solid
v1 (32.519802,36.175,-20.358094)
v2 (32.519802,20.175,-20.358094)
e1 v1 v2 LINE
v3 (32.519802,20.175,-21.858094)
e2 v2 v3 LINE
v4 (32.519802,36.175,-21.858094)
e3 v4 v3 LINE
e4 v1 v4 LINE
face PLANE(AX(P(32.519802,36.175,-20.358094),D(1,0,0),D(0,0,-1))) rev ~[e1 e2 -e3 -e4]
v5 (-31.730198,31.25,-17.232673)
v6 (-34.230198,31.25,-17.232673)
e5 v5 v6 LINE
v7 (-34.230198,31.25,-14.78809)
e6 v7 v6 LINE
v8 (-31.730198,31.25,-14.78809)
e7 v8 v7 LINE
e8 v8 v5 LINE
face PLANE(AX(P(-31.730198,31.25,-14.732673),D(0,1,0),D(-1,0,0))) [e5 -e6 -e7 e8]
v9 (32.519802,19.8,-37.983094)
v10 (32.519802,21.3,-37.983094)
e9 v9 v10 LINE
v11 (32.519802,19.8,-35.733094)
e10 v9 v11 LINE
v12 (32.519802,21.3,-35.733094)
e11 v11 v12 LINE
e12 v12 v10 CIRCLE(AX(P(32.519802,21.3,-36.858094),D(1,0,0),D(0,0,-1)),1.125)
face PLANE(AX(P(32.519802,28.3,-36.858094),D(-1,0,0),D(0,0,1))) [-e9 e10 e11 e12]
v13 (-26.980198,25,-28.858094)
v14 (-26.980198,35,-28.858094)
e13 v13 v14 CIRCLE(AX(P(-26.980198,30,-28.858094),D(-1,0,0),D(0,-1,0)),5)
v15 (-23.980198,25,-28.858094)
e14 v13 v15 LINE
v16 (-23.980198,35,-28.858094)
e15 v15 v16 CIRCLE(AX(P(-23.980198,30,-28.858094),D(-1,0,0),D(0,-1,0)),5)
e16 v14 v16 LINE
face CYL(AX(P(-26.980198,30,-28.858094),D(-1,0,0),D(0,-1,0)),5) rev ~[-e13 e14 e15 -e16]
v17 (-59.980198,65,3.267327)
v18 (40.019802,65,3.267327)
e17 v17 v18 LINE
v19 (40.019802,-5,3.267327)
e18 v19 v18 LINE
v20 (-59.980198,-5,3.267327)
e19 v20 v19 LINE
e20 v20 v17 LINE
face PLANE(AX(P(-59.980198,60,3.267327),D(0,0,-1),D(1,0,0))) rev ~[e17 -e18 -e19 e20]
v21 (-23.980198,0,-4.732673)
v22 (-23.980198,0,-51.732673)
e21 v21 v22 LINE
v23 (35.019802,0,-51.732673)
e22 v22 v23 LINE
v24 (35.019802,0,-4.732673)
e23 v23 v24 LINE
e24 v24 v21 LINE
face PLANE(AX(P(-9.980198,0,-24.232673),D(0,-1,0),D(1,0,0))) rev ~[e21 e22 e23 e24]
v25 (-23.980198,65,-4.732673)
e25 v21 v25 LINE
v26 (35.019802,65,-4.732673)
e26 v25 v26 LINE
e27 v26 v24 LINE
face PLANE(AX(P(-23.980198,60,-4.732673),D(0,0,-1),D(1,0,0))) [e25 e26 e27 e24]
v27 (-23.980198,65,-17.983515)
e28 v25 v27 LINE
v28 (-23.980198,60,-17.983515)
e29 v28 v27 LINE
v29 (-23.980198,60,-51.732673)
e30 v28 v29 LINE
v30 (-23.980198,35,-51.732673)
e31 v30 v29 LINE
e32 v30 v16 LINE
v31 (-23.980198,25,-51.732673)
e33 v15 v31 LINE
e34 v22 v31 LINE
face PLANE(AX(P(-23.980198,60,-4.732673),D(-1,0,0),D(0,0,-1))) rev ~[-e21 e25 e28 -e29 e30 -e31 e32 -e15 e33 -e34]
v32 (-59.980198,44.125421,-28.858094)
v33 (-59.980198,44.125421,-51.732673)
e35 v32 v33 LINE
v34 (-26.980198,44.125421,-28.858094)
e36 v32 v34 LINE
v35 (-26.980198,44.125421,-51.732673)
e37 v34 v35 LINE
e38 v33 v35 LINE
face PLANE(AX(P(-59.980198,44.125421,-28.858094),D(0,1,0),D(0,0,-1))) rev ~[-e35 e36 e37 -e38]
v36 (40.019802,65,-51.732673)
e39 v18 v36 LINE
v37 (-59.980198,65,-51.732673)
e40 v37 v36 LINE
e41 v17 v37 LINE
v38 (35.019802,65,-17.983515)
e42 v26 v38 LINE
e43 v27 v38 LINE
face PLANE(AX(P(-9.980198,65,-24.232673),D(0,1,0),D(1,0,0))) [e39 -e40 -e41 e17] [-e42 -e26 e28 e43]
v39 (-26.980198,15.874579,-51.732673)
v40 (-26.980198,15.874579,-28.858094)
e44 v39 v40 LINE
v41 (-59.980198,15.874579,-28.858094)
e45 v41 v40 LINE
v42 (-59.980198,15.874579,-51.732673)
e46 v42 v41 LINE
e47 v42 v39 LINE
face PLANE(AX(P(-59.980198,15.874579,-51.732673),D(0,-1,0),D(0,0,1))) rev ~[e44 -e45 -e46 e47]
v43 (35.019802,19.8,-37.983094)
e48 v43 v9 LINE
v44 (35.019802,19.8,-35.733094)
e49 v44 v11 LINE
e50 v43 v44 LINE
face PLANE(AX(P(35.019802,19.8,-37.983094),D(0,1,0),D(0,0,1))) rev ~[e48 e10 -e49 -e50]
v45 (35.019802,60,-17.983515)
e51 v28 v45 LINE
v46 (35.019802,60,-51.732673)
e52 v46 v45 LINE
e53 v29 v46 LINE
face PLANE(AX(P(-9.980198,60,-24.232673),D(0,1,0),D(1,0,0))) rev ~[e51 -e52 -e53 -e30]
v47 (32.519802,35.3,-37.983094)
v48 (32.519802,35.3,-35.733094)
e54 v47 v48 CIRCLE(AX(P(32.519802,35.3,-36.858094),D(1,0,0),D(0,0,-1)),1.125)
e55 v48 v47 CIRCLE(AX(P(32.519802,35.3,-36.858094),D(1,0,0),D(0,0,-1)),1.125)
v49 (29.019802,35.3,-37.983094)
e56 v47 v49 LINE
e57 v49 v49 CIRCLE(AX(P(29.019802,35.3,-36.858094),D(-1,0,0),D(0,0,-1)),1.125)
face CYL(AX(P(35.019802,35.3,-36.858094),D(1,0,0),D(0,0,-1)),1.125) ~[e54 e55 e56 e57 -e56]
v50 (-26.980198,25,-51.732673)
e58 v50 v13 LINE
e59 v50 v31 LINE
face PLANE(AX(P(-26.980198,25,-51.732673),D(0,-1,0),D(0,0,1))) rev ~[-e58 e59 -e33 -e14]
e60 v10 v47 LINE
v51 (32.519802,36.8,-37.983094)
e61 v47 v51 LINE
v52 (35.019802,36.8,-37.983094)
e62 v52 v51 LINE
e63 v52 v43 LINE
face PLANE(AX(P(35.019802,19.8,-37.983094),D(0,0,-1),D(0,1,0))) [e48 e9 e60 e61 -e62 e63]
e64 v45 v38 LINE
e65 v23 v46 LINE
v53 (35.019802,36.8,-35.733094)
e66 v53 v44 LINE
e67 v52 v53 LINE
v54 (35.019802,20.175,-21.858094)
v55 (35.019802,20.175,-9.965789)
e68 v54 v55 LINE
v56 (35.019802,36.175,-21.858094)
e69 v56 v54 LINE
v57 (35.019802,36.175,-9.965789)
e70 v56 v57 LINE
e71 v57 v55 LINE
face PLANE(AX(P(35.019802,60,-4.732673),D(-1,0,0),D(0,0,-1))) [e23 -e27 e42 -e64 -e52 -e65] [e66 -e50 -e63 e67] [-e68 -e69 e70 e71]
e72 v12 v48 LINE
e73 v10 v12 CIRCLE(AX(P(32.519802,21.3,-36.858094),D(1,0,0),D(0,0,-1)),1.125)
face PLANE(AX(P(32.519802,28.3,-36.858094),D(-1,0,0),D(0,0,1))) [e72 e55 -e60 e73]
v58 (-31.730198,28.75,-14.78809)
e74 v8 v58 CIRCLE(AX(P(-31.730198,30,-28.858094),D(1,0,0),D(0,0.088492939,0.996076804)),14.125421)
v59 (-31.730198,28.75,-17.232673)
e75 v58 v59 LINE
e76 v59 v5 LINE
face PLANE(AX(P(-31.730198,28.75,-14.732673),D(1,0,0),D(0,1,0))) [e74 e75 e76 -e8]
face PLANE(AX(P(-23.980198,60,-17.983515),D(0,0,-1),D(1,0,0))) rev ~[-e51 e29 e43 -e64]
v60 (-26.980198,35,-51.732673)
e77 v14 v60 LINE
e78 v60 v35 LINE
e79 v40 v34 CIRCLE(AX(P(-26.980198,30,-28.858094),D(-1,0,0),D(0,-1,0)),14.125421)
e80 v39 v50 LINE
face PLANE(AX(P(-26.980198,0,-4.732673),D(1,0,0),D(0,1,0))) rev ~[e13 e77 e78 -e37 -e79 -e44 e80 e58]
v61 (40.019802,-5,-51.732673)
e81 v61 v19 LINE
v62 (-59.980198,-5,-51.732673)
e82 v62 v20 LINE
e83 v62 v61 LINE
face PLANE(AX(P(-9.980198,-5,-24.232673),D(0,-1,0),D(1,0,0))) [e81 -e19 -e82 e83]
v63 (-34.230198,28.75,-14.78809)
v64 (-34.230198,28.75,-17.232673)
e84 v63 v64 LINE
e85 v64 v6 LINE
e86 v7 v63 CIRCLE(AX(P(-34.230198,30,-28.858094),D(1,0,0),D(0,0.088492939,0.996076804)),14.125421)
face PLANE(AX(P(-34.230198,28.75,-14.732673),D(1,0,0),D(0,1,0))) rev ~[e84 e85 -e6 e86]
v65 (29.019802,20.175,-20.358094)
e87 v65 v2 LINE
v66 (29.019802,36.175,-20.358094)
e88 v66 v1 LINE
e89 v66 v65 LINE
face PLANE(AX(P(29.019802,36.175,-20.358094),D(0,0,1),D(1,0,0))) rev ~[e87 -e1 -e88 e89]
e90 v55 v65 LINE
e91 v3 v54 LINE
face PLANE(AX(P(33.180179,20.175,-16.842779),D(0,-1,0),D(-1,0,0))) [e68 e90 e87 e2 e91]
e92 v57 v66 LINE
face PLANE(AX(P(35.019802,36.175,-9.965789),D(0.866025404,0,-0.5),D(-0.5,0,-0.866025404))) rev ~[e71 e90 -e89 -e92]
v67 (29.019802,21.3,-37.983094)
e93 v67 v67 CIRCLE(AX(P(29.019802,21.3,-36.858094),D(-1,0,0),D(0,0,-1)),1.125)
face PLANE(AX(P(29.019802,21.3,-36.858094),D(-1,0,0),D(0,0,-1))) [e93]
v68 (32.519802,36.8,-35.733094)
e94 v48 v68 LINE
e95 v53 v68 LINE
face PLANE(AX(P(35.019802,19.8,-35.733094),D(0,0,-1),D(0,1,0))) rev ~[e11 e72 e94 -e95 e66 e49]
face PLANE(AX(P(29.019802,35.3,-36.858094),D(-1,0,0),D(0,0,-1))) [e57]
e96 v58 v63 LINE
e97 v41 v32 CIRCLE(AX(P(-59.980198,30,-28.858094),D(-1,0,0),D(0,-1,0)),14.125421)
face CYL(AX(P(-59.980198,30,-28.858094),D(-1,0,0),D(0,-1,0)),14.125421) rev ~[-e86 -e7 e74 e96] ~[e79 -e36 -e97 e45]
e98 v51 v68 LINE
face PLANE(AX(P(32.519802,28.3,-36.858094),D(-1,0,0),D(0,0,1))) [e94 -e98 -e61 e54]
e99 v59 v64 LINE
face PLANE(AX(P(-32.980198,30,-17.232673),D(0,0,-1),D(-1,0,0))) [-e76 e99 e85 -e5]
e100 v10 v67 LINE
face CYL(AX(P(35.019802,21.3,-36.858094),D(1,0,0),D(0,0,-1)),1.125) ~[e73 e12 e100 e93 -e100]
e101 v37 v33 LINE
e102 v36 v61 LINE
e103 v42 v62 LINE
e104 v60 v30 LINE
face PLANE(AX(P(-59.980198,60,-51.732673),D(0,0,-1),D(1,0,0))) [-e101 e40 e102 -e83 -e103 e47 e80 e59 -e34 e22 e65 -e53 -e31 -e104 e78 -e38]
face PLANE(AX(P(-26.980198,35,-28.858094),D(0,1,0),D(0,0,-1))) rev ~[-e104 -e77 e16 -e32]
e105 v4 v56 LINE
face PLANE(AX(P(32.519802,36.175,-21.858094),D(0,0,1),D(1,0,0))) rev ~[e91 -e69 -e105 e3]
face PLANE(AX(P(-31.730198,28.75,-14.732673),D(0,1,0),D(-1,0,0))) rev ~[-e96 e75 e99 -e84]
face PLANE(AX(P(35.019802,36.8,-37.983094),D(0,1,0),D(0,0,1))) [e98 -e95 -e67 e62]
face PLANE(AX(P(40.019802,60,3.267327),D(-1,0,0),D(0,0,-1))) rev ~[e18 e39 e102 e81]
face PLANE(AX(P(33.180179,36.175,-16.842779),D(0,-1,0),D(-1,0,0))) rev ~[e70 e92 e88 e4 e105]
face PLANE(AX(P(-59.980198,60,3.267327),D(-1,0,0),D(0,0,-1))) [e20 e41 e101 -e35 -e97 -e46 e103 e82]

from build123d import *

# Parameters (mm, degrees)
BOSS_EXTRUDE1_DEPTH  = 60
CUT_EXTRUDE1_DEPTH   = 40
SKETCH11_W           = 2.5
SKETCH11_H           = 2.5
BOSS_EXTRUDE2_DEPTH  = 2.5
SKETCH14_W           = 3
SKETCH14_H           = 60
BOSS_EXTRUDE5_DEPTH  = 47
SKETCH12_R           = 1.125
BOSS_EXTRUDE3_DEPTH  = 6
CUT_EXTRUDE2_DEPTH   = 10
SKETCH16_W           = 100
SKETCH16_H           = 55
BOSS_EXTRUDE6_DEPTH  = 5
BOSS_EXTRUDE8_START  = -2
BOSS_EXTRUDE8_DEPTH  = 16
SKETCH19_W           = 2.25
SKETCH19_H           = 17
BOSS_EXTRUDE9_DEPTH  = 2.5
SKETCH20_W           = 100
SKETCH20_H           = 55
SKETCH20_W_2         = 59
SKETCH20_H_2         = 13.250841504
BOSS_EXTRUDE10_DEPTH = 5


with BuildPart() as part:
    # Sketch1 → Boss-Extrude1 (new body)
    with BuildSketch(Plane(origin=(0, 0, 0), x_dir=(1, 0, 0), z_dir=(0, 1, 0))):
        Polygon((40.01980198, -3.267326733), (40.01980198, 51.732673267), (35.01980198, 51.732673267), (35.01980198, 4.732673267), (-26.98019802, 4.732673267), (-26.98019802, 51.732673267), (-59.98019802, 51.732673267), (-59.98019802, -3.267326733), align=None)
    extrude(amount=BOSS_EXTRUDE1_DEPTH)

    # Sketch3 → Cut-Extrude1 (cut)
    with BuildSketch(Plane.ZY.offset(59.98019802)):
        with BuildLine():
            Line((-28.858094019, 44.125420752), (-51.732673267, 44.125420752))
            Line((-51.732673267, 44.125420752), (-51.732673267, 15.874579248))
            Line((-51.732673267, 15.874579248), (-28.858094019, 15.874579248))
            ThreePointArc((-28.858094019, 15.874579248), (-14.732673267, 30), (-28.858094019, 44.125420752))
        make_face()
    extrude(amount=-CUT_EXTRUDE1_DEPTH, mode=Mode.SUBTRACT)

    # Sketch11 → Boss-Extrude2 (add)
    with BuildSketch(Plane(origin=(0, 0, -14.732673267), x_dir=(-1, 0, 0), z_dir=(0, 0, -1))):
        with Locations((32.98019802, 30)):
            Rectangle(SKETCH11_W, SKETCH11_H)
    extrude(amount=BOSS_EXTRUDE2_DEPTH)

    # Sketch14 → Boss-Extrude5 (add)
    with BuildSketch(Plane(origin=(0, 0, -4.732673267), x_dir=(-1, 0, 0), z_dir=(0, 0, -1))):
        with Locations((25.48019802, 30)):
            Rectangle(SKETCH14_W, SKETCH14_H)
    extrude(amount=BOSS_EXTRUDE5_DEPTH)

    # Sketch12 → Boss-Extrude3 (add)
    with BuildSketch(Plane.ZY.offset(-35.01980198)):
        with Locations(Location((-36.858094019, 35.3, 0), (0, 0, 180))):
            Circle(SKETCH12_R)
        with Locations(Location((-36.858094019, 21.3, 0), (0, 0, 180))):
            Circle(SKETCH12_R)
    extrude(amount=BOSS_EXTRUDE3_DEPTH)

    # Sketch15 → Cut-Extrude2 (cut)
    with BuildSketch(Plane.ZY.offset(26.98019802)):
        with BuildLine():
            Line((-28.858094019, 35), (-51.732673267, 35))
            Line((-51.732673267, 35), (-51.732673267, 25))
            Line((-51.732673267, 25), (-28.858094019, 25))
            ThreePointArc((-28.858094019, 25), (-23.858094019, 30), (-28.858094019, 35))
        make_face()
    extrude(amount=-CUT_EXTRUDE2_DEPTH, mode=Mode.SUBTRACT)

    # Sketch16 → Boss-Extrude6 (add)
    with BuildSketch(Plane.XZ):
        with Locations((-9.98019802, -24.232673267)):
            Rectangle(SKETCH16_W, SKETCH16_H)
    extrude(amount=BOSS_EXTRUDE6_DEPTH)

    # Sketch18 → Boss-Extrude8 (add)
    with BuildSketch(Plane(origin=(0, 34.175, 0), x_dir=(-1, 0, 0), z_dir=(0, -1, 0)).offset(BOSS_EXTRUDE8_START)):
        Polygon((-35.01980198, 21.858094019), (-35.01980198, 9.965789174), (-29.01980198, 20.358094019), (-32.51980198, 20.358094019), (-32.51980198, 21.858094019), align=None)
    extrude(amount=BOSS_EXTRUDE8_DEPTH)

    # Sketch19 → Boss-Extrude9 (add)
    with BuildSketch(Plane.ZY.offset(-35.01980198)):
        with Locations((-36.858094019, 28.3)):
            Rectangle(SKETCH19_W, SKETCH19_H)
    extrude(amount=BOSS_EXTRUDE9_DEPTH)

    # Sketch20 → Boss-Extrude10 (add)
    with BuildSketch(Plane(origin=(0, 60, 0), x_dir=(1, 0, 0), z_dir=(0, 1, 0))):
        with Locations((-9.98019802, 24.232673267)):
            Rectangle(SKETCH20_W, SKETCH20_H)
        with Locations((5.51980198, 11.358094019)):
            Rectangle(SKETCH20_W_2, SKETCH20_H_2, mode=Mode.SUBTRACT)
    extrude(amount=BOSS_EXTRUDE10_DEPTH)


solid = part.part
